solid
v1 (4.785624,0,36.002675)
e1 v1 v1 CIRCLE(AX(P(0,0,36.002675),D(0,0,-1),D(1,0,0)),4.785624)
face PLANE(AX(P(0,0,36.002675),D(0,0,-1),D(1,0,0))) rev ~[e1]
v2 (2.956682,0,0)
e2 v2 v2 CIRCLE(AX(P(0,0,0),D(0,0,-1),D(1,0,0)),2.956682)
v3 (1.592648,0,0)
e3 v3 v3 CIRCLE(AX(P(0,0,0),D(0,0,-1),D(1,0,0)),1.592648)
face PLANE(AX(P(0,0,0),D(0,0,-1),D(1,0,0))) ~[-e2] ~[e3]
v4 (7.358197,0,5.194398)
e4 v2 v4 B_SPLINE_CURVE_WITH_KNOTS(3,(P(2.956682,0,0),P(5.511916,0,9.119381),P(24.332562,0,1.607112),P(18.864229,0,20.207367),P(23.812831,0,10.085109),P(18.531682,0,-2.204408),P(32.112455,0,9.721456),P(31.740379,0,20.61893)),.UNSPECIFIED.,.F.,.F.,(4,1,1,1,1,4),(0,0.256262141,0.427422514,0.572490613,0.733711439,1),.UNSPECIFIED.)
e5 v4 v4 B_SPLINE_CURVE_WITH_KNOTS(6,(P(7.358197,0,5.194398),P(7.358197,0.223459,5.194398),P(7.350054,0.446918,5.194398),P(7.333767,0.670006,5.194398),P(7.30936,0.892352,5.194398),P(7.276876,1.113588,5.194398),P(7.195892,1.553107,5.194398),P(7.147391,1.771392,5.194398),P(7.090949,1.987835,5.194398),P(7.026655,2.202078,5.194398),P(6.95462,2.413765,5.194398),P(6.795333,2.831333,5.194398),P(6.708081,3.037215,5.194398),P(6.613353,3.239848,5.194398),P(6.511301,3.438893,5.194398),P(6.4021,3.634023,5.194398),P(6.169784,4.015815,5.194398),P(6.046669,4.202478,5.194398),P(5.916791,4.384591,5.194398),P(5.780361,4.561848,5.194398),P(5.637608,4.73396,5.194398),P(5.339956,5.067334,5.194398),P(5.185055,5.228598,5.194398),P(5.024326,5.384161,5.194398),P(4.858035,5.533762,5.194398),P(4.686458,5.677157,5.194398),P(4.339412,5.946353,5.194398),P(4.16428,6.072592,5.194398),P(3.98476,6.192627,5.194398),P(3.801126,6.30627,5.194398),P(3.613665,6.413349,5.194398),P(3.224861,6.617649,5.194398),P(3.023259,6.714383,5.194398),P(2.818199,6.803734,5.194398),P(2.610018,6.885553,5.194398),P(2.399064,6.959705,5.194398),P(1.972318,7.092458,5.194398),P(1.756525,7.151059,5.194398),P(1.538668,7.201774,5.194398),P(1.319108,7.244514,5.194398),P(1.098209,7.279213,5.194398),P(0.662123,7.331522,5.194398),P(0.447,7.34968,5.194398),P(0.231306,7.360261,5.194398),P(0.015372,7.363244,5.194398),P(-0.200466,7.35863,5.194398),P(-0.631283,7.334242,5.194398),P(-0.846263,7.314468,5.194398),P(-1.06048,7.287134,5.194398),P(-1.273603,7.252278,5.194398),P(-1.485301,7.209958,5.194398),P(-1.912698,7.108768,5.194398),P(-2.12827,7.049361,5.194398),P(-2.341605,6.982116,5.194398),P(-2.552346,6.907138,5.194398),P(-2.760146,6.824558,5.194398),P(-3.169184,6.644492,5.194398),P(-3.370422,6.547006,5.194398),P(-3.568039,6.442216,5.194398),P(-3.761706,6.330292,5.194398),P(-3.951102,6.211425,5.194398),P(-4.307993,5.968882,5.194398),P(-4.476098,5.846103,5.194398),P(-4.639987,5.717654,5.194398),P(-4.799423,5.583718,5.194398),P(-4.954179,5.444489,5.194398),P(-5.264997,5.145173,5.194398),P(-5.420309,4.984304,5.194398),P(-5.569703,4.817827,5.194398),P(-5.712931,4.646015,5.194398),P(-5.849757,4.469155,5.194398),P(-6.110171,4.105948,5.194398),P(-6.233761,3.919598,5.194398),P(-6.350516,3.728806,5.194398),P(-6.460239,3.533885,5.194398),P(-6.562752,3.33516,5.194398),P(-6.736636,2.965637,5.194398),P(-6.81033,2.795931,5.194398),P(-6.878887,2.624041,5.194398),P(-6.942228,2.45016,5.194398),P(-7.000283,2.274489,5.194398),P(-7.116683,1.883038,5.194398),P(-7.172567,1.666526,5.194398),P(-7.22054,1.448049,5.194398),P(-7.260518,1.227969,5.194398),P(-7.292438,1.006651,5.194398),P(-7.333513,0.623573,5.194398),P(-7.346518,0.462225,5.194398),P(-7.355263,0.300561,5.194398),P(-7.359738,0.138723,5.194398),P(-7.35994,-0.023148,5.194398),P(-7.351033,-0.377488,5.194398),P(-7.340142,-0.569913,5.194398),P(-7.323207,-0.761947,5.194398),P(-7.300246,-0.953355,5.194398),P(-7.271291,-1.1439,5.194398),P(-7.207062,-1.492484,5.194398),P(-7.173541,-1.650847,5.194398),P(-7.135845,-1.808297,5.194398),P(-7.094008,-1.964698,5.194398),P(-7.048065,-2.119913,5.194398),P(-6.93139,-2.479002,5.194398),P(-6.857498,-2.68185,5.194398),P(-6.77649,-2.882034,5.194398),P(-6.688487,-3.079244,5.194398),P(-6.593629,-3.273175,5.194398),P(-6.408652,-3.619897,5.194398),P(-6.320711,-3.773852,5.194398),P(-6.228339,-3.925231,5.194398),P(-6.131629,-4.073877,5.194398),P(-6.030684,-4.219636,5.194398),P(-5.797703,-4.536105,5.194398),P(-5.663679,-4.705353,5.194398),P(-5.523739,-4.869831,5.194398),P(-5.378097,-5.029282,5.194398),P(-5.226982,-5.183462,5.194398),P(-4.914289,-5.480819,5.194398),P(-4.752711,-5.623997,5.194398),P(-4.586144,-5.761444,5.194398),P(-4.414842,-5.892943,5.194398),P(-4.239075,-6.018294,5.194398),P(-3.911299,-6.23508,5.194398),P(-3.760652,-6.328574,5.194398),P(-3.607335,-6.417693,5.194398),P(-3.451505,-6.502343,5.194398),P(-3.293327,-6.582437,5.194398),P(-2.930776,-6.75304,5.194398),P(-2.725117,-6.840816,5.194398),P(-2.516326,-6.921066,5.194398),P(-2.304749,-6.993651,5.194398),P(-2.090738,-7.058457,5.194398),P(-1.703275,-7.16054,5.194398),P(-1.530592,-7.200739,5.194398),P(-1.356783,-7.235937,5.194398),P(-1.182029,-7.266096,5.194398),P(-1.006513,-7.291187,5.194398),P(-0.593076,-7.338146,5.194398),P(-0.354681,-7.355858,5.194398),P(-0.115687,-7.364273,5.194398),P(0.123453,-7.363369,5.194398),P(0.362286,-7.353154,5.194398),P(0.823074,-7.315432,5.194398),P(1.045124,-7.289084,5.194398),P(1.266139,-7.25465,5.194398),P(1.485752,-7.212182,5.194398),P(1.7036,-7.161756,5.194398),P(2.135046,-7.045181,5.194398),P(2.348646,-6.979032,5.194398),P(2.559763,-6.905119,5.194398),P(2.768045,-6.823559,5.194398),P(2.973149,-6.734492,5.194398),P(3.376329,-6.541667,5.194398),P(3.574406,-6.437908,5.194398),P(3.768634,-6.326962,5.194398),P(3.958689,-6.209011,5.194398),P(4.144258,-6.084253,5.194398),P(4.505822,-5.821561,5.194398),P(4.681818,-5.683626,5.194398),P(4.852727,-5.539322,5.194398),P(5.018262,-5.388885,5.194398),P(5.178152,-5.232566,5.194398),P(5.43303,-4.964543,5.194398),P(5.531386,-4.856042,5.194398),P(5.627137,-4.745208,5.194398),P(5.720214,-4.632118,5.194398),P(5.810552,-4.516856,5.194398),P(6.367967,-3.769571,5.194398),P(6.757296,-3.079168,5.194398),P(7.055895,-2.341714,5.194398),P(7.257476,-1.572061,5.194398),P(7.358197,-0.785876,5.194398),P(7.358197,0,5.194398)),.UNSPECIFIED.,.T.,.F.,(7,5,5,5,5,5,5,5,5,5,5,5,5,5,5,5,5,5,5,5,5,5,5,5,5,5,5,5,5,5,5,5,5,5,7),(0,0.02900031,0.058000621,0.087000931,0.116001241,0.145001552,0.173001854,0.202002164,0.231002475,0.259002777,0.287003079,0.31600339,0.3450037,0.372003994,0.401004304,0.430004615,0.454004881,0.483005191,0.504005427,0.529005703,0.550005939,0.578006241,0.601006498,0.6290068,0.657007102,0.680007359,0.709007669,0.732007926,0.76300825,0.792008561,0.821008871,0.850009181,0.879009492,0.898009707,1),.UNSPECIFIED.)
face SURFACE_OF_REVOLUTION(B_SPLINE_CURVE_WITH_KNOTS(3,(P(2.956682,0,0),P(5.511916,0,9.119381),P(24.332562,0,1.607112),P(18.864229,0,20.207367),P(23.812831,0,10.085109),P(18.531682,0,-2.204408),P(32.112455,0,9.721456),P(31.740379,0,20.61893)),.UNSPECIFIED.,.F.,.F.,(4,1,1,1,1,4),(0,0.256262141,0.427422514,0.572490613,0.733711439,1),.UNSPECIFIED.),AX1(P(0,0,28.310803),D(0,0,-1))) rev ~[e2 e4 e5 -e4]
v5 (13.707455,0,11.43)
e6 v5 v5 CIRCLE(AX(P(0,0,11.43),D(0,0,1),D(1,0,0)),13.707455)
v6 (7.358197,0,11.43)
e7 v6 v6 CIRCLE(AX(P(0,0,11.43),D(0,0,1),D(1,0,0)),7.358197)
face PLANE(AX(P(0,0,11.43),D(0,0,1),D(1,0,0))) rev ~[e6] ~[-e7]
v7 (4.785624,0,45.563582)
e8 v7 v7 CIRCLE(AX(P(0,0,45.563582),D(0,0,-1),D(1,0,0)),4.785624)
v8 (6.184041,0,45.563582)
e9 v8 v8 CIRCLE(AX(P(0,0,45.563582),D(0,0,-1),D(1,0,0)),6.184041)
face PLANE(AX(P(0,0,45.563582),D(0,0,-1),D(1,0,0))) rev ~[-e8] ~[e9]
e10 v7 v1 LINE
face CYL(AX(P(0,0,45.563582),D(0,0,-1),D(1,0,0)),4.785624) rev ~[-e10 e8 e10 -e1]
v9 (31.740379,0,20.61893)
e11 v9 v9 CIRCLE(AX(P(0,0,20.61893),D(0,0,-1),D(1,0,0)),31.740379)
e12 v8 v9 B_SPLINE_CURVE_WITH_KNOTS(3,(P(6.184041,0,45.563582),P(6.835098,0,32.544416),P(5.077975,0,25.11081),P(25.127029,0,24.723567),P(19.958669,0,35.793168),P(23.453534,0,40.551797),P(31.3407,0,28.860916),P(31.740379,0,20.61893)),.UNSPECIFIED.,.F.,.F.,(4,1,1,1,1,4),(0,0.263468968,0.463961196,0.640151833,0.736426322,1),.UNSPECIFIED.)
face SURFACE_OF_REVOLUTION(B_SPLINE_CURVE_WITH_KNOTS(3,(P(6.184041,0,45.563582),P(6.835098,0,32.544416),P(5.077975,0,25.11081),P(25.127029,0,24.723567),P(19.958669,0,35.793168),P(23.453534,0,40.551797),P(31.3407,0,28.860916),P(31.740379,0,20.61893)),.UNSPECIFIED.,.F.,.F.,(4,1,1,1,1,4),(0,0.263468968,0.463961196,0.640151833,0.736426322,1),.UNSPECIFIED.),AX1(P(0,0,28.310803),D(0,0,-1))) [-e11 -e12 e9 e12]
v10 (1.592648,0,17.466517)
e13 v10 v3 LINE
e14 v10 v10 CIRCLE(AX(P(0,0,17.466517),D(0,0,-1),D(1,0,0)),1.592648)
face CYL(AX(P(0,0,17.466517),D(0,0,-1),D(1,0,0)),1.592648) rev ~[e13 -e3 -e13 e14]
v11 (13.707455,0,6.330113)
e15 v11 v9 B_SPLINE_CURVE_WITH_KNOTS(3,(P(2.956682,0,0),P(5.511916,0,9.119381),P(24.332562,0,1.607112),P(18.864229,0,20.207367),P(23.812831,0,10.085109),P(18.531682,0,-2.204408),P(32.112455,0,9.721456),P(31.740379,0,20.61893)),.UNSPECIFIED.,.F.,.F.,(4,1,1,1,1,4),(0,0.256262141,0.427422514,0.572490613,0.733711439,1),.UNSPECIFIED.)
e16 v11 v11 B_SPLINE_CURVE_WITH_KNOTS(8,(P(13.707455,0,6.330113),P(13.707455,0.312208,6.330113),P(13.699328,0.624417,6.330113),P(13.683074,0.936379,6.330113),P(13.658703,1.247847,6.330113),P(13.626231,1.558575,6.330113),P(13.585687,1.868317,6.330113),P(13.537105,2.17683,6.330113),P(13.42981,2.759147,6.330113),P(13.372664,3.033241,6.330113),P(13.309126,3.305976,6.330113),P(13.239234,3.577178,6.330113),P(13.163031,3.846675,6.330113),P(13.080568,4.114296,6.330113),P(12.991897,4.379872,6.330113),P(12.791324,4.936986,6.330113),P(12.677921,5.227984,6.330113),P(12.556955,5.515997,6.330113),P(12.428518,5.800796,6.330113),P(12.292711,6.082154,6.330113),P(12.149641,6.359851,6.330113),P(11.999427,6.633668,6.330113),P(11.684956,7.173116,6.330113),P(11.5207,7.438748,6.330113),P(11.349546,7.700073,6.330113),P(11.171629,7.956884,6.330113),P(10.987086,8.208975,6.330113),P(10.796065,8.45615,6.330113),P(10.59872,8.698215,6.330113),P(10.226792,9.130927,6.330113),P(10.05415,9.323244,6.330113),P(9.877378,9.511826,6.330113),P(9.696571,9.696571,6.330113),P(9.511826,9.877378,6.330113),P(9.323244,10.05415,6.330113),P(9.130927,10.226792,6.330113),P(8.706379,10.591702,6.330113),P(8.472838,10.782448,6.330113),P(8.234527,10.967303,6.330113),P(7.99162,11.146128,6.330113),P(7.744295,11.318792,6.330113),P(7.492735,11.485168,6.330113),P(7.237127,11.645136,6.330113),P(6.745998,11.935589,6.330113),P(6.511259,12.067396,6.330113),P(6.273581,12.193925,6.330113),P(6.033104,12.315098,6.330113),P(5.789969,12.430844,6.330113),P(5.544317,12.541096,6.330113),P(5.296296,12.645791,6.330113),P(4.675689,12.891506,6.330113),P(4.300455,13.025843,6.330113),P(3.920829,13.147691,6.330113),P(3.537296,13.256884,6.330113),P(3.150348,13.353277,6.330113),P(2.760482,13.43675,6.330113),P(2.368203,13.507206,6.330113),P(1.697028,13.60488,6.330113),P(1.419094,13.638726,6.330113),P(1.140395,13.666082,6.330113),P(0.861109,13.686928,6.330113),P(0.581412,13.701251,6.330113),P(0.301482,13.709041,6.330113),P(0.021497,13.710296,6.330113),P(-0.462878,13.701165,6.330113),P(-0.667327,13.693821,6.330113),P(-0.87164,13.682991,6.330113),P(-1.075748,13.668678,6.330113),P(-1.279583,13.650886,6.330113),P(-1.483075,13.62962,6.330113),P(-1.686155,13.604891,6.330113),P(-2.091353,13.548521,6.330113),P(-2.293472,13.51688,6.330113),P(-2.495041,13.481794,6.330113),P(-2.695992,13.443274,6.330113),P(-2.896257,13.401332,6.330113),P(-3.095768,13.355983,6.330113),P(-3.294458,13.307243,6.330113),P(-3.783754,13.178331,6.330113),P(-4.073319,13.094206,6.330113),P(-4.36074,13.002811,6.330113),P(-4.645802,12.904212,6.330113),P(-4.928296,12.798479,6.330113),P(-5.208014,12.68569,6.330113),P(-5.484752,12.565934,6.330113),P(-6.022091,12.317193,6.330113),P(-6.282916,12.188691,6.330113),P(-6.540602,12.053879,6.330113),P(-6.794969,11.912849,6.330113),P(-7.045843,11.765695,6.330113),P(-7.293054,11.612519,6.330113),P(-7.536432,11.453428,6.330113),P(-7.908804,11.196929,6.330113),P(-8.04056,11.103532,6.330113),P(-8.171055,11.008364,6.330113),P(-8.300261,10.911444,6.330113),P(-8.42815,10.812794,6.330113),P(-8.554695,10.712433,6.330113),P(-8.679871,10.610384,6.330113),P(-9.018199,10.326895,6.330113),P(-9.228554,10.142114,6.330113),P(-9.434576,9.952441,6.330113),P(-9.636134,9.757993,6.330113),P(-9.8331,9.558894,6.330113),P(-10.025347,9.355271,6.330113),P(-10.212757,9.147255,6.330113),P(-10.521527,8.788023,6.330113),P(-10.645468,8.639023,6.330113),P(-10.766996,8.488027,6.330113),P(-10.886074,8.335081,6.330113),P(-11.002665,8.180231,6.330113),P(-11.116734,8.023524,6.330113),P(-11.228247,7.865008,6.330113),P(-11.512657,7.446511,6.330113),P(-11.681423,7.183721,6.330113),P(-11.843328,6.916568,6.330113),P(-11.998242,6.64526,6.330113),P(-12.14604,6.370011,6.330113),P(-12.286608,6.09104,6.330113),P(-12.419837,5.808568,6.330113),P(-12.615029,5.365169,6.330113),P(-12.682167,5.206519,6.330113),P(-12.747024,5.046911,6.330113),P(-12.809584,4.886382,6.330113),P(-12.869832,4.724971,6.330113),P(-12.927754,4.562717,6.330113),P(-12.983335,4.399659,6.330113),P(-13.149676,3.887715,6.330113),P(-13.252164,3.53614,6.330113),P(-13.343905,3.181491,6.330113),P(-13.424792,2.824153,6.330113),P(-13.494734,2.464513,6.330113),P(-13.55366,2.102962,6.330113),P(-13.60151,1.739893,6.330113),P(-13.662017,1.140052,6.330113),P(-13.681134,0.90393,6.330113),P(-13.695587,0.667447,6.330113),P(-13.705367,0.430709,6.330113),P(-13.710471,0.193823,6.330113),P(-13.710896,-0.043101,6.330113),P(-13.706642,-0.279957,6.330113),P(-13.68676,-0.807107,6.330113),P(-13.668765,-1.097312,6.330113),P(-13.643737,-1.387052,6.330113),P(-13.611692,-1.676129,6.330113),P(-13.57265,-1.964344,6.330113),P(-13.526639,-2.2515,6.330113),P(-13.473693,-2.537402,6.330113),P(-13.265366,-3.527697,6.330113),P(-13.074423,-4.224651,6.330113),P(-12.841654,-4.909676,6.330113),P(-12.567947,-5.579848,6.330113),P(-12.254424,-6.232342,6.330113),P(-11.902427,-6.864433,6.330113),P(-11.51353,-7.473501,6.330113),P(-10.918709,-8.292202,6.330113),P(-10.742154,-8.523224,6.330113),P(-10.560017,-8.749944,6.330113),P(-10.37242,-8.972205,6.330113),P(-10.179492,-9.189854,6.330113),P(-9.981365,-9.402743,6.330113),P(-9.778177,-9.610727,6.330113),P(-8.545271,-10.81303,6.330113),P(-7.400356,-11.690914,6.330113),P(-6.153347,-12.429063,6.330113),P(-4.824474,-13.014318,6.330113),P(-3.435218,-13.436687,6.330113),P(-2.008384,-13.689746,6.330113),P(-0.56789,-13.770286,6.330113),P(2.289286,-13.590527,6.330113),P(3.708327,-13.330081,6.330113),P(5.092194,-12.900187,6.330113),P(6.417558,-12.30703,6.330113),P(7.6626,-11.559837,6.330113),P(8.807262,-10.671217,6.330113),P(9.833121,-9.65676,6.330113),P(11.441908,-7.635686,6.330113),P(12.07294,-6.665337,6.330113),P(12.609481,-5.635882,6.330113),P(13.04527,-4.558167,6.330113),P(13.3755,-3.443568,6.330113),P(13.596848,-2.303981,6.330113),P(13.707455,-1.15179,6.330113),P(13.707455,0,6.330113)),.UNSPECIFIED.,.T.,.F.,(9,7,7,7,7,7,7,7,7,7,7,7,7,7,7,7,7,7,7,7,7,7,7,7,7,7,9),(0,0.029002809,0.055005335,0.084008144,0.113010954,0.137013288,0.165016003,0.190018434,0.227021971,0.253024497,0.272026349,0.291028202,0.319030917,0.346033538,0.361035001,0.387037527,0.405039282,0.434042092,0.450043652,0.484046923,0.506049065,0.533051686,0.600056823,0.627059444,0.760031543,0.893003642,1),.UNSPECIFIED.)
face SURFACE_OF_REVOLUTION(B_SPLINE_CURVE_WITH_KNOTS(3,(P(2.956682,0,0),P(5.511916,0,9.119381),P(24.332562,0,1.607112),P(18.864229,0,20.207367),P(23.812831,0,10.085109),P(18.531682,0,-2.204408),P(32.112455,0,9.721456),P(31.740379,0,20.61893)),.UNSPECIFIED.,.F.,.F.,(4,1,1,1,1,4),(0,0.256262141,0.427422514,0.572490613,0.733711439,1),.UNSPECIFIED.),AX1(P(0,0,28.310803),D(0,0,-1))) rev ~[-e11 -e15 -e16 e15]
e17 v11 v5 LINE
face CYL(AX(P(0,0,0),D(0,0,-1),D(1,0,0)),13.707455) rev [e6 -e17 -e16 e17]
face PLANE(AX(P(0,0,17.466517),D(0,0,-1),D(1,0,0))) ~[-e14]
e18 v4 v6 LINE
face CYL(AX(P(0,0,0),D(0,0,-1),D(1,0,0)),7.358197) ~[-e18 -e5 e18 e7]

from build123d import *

# Parameters (mm, degrees)
F2_R     = 13.7074551357
F2_R_2   = 7.3581973636
F3_DEPTH = 11.43


with BuildPart() as f1:
    # F0 (on Front) → F1 (revolve)
    with BuildSketch(Plane.XZ):
        with BuildLine():
            Line((1.5926476335, 17.4665171653), (1.5926476335, 0))
            Line((1.5926476335, 0), (2.9566818848, 0))
            add(Edge.make_bspline(
                [(2.9566818848, 0), (5.5119161364, 9.1193808428), (24.3325616694, 1.607112109), (18.8642289079, 20.2073667577), (23.8128305885, 10.0851092788), (18.5316821846, -2.2044076946), (32.1124548667, 9.7214555626), (31.7403785884, 20.618930459)],
                knots=[0, 0, 0, 0, 0.2562621413, 0.4274225141, 0.5724906129, 0.7337114389, 1, 1, 1, 1], degree=3))
            add(Edge.make_bspline(
                [(6.1840414086, 45.5635823309), (6.8350975777, 32.5444156657), (5.0779752492, 25.1108100142), (25.1270286205, 24.7235673524), (19.9586693221, 35.7931684336), (23.4535336391, 40.5517974052), (31.3407002134, 28.8609155548), (31.7403785884, 20.618930459)],
                knots=[0, 0, 0, 0, 0.2634689684, 0.463961196, 0.6401518329, 0.7364263221, 1, 1, 1, 1], degree=3))
            Line((6.1840414086, 45.5635823309), (4.7856238671, 45.5635823309))
            Line((4.7856238671, 45.5635823309), (4.7856238671, 36.0026750714))
            Line((4.7856238671, 36.0026750714), (0, 36.0026750714))
            Line((0, 36.0026750714), (0, 20.618930459))
            Line((0, 20.618930459), (0, 17.4665171653))
            Line((0, 17.4665171653), (1.5926476335, 17.4665171653))
        make_face()
    revolve(axis=Axis((0, 0, 28.3108027652), (0, 0, -1)))

    # F2 (on Top) → F3 (cut)
    with BuildSketch(Plane.XY):
        Circle(F2_R)
        Circle(F2_R_2, mode=Mode.SUBTRACT)
    extrude(amount=F3_DEPTH, mode=Mode.SUBTRACT)


solid = f1.part
